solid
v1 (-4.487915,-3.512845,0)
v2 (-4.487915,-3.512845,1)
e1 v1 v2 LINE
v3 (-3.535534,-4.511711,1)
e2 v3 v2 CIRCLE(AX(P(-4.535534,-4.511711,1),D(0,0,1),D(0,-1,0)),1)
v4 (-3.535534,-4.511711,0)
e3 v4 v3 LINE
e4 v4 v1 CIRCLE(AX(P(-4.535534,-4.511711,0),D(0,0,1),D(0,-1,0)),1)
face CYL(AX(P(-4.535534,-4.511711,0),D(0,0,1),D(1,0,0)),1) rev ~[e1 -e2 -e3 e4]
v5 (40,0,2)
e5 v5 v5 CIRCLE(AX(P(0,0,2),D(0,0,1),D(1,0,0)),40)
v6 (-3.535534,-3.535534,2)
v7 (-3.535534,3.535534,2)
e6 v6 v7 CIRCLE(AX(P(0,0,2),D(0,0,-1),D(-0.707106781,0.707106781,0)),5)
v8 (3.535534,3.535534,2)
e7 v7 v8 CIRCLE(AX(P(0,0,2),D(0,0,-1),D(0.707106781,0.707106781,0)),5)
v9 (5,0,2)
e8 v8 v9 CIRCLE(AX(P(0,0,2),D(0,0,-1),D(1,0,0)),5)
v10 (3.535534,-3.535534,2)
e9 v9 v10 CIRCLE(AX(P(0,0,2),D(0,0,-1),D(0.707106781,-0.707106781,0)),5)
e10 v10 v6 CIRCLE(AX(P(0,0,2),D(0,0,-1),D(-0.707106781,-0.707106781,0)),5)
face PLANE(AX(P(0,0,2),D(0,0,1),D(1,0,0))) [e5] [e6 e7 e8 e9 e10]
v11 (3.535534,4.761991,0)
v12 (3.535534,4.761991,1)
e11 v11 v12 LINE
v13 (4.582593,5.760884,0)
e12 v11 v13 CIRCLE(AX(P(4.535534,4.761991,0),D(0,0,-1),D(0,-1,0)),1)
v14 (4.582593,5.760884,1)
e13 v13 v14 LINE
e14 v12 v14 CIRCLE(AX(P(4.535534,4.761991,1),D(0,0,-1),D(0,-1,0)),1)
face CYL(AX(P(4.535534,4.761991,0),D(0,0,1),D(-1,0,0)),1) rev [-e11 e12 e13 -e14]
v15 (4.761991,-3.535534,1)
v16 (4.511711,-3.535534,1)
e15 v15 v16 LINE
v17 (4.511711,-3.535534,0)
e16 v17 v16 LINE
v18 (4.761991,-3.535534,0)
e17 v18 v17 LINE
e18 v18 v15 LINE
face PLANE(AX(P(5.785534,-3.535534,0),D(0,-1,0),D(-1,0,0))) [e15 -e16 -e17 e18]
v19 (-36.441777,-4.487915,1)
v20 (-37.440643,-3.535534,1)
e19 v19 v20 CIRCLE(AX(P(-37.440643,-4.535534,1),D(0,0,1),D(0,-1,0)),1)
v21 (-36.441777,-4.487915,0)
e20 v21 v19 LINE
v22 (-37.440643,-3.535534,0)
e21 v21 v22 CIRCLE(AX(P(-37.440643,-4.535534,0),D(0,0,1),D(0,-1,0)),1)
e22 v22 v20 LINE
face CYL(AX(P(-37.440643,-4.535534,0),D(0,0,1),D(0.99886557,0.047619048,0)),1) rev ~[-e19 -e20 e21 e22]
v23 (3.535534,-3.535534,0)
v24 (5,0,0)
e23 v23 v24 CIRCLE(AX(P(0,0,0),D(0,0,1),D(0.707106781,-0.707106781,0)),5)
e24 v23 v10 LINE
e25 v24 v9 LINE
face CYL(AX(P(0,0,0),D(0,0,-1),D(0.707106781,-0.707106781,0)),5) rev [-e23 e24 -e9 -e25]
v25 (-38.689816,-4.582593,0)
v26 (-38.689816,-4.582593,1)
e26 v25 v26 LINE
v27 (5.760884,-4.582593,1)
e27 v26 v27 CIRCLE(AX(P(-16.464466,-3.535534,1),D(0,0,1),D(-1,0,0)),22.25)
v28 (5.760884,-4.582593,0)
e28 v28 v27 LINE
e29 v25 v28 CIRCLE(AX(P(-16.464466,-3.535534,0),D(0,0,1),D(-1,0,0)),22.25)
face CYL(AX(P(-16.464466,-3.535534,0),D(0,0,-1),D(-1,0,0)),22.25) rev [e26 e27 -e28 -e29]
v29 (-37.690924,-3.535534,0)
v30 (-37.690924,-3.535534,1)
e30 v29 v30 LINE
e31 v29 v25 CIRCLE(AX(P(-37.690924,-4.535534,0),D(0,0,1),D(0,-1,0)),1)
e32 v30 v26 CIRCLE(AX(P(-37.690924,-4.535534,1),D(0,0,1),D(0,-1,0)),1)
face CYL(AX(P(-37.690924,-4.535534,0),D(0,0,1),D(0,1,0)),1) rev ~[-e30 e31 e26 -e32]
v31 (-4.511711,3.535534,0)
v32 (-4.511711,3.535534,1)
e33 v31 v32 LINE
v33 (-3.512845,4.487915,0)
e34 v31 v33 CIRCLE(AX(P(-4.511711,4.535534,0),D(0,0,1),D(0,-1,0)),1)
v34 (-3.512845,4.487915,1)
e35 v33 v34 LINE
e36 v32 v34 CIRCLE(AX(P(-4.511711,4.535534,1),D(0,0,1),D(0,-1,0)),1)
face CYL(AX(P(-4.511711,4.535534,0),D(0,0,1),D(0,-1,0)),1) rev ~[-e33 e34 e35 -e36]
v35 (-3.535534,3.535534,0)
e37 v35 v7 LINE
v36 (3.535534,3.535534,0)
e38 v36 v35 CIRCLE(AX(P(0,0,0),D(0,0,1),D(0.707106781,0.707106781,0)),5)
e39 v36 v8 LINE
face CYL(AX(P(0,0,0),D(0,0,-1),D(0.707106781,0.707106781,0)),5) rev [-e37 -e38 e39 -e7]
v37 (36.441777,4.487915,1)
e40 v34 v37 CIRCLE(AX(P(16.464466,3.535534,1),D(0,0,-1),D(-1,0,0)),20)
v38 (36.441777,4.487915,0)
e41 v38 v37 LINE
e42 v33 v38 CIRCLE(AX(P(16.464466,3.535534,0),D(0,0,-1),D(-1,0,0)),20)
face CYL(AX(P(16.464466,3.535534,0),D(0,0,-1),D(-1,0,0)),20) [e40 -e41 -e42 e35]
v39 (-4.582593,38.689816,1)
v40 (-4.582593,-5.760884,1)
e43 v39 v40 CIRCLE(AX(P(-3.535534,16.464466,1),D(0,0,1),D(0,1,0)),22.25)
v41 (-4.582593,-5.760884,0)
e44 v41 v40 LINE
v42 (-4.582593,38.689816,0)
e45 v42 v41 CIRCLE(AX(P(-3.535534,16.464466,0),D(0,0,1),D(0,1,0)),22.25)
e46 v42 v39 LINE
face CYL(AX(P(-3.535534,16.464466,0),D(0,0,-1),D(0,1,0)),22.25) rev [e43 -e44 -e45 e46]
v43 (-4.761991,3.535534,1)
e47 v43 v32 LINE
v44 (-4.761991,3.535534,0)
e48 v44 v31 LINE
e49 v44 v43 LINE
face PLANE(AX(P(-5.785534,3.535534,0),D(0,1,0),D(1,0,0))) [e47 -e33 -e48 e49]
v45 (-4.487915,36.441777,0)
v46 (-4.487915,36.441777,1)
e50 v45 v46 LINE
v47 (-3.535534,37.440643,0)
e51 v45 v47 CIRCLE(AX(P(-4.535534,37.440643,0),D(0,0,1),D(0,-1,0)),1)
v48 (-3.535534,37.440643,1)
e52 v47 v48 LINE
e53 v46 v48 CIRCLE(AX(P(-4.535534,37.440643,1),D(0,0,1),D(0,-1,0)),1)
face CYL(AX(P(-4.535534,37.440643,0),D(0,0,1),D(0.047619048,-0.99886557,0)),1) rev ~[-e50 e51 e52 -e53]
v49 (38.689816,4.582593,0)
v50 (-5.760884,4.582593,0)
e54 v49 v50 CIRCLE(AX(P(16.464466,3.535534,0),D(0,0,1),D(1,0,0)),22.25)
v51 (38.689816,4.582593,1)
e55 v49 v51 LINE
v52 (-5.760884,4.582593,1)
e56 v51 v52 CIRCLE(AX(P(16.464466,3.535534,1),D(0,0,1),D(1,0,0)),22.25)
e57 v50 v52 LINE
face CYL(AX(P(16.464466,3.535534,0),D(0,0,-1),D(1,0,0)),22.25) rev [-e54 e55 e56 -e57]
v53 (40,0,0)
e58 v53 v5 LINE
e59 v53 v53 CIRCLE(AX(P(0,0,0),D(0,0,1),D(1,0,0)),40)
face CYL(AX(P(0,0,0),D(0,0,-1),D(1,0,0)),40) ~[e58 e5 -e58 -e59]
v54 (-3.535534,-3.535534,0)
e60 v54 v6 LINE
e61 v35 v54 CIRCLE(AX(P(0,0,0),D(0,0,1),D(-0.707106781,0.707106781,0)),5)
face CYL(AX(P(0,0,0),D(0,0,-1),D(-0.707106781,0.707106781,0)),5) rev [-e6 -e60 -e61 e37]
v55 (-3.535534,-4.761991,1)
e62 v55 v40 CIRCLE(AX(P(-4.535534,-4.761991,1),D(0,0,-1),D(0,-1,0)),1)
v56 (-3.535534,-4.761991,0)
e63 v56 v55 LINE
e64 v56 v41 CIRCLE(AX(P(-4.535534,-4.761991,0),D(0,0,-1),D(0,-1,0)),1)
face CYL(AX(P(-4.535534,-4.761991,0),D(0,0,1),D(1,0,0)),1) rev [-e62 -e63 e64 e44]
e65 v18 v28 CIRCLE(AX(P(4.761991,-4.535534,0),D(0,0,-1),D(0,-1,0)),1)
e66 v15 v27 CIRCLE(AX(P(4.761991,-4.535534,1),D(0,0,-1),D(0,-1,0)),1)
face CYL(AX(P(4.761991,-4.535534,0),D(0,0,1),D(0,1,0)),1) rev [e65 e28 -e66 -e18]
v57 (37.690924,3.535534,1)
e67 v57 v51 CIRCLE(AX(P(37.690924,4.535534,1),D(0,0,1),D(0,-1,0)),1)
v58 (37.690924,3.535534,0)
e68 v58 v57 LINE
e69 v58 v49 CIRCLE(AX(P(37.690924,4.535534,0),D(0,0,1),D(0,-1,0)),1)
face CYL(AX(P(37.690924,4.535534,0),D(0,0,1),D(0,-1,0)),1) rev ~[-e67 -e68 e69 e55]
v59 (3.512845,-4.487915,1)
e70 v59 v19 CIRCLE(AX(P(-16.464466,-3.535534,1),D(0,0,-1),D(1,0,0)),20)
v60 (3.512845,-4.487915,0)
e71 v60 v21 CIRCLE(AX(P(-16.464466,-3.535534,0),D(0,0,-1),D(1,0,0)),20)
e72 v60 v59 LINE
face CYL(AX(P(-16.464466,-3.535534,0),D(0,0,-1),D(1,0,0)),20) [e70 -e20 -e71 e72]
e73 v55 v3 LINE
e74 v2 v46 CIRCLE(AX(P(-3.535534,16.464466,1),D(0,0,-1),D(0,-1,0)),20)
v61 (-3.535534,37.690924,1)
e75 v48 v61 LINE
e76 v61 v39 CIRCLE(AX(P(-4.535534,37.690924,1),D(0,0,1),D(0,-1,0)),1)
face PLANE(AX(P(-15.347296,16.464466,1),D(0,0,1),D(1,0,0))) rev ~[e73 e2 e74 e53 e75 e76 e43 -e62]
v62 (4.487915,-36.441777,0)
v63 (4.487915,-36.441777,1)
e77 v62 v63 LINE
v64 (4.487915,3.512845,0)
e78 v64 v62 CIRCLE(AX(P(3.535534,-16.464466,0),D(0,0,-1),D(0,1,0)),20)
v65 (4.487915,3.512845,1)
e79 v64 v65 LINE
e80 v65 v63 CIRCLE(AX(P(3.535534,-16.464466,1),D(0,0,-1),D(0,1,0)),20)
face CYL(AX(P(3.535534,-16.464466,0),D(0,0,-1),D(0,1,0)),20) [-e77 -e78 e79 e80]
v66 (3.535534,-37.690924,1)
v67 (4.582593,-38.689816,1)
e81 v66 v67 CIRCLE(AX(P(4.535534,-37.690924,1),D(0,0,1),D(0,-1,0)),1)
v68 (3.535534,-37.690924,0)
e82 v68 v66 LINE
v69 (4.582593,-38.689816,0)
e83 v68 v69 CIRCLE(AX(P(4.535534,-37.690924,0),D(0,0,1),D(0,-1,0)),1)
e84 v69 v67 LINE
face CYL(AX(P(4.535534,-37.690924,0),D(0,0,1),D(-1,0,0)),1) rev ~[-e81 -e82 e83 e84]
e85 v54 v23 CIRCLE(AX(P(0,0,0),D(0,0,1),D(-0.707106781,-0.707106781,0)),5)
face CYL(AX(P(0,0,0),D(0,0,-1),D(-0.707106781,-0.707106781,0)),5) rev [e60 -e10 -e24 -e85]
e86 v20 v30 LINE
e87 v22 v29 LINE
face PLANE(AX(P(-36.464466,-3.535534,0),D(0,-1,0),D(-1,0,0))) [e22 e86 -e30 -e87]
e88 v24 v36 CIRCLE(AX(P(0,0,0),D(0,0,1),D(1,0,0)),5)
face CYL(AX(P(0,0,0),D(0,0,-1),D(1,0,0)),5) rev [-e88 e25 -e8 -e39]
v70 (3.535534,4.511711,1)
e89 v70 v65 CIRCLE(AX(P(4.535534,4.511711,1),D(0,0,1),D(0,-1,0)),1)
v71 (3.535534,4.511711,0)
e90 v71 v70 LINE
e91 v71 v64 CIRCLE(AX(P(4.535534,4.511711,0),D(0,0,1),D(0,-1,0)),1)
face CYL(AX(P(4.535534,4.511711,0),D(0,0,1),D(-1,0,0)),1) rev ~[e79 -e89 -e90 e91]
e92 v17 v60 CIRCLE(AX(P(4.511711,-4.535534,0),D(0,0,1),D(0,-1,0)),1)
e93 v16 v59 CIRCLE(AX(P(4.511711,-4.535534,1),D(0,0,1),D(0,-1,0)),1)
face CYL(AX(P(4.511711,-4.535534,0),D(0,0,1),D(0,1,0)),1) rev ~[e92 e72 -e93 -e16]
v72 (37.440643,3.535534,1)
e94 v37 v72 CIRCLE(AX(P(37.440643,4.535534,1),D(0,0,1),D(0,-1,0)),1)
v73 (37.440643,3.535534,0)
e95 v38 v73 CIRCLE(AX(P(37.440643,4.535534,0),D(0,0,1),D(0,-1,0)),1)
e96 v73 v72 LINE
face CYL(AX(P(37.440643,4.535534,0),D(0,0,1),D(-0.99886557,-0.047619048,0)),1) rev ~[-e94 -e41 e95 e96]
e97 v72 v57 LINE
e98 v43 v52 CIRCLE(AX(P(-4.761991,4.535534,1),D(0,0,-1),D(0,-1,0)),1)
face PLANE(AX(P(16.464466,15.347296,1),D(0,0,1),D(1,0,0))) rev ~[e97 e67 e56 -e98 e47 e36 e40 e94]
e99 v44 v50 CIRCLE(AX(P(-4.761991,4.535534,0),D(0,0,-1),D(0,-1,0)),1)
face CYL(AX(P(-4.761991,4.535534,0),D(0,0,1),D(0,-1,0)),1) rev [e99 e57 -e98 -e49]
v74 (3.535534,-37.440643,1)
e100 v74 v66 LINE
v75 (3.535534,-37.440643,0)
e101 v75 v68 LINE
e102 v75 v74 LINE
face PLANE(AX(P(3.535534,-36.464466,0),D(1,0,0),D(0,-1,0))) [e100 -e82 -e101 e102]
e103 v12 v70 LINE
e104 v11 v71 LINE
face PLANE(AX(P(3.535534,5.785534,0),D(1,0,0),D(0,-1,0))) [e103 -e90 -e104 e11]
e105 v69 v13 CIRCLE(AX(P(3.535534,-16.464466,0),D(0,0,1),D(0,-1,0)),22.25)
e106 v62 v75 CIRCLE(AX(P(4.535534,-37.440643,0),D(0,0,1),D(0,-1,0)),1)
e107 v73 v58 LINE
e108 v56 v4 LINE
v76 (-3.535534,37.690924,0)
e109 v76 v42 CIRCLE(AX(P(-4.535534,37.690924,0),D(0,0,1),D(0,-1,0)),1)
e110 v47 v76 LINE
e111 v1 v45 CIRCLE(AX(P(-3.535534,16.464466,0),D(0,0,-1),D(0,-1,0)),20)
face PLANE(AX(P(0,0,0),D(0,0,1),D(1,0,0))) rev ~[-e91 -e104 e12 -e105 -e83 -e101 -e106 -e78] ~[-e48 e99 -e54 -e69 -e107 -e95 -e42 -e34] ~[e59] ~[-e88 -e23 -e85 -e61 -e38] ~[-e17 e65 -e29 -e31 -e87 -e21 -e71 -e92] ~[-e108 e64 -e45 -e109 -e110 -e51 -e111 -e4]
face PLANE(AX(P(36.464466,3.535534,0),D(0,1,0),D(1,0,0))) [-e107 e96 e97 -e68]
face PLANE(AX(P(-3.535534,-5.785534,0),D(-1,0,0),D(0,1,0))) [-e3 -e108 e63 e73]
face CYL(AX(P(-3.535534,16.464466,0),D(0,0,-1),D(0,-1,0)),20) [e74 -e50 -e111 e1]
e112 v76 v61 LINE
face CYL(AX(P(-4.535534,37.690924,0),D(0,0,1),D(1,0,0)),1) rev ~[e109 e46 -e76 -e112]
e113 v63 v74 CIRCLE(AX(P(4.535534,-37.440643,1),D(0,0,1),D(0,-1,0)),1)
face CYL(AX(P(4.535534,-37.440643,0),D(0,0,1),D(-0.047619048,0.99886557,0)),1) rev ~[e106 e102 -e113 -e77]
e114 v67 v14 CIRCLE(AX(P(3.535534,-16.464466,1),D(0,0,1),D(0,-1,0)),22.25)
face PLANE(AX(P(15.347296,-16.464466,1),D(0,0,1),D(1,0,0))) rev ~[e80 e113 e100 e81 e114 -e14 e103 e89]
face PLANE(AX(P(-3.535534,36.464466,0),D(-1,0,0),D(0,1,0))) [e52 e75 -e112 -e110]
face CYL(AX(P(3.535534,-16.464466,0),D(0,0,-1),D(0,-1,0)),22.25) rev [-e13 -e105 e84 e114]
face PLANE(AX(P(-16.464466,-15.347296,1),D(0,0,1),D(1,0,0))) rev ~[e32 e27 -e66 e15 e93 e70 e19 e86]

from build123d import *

# Parameters (mm, degrees)
F0_R     = 40
F1_DEPTH = 2
F2_DEPTH = 1
F3_R     = 1
F4_DEPTH = 25


with BuildPart() as f1:
    # F0 (on Top) → F1 (new body)
    with BuildSketch(Plane.XY):
        Circle(F0_R)
        with BuildLine():
            ThreePointArc((-36.4644660941, -3.5355339059), (-16.4644660941, -23.5355339059), (3.5355339059, -3.5355339059))
            Line((3.5355339059, -3.5355339059), (5.7855339059, -3.5355339059))
            ThreePointArc((5.7855339059, -3.5355339059), (-16.4644660941, -25.7855339059), (-38.7144660941, -3.5355339059))
            Line((-38.7144660941, -3.5355339059), (-36.4644660941, -3.5355339059))
        make_face(mode=Mode.SUBTRACT)
        with BuildLine():
            ThreePointArc((3.5355339059, -36.4644660941), (23.5355339059, -16.4644660941), (3.5355339059, 3.5355339059))
            Line((3.5355339059, 3.5355339059), (3.5355339059, 5.7855339059))
            ThreePointArc((3.5355339059, 5.7855339059), (25.7855339059, -16.4644660941), (3.5355339059, -38.7144660941))
            Line((3.5355339059, -38.7144660941), (3.5355339059, -36.4644660941))
        make_face(mode=Mode.SUBTRACT)
        with BuildLine():
            ThreePointArc((-3.5355339059, 36.4644660941), (-23.5355339059, 16.4644660941), (-3.5355339059, -3.5355339059))
            Line((-3.5355339059, -3.5355339059), (-3.5355339059, -5.7855339059))
            ThreePointArc((-3.5355339059, -5.7855339059), (-25.7855339059, 16.4644660941), (-3.5355339059, 38.7144660941))
            Line((-3.5355339059, 38.7144660941), (-3.5355339059, 36.4644660941))
        make_face(mode=Mode.SUBTRACT)
        with BuildLine():
            ThreePointArc((3.5355339059, 3.5355339059), (4.6193976626, 1.9134171618), (5, 0))
            ThreePointArc((5, 0), (4.6193976626, -1.9134171618), (3.5355339059, -3.5355339059))
            ThreePointArc((3.5355339059, -3.5355339059), (0, -5), (-3.5355339059, -3.5355339059))
            ThreePointArc((-3.5355339059, -3.5355339059), (-5, 0), (-3.5355339059, 3.5355339059))
            ThreePointArc((-3.5355339059, 3.5355339059), (0, 5), (3.5355339059, 3.5355339059))
        make_face(mode=Mode.SUBTRACT)
        with BuildLine():
            ThreePointArc((36.4644660941, 3.5355339059), (16.4644660941, 23.5355339059), (-3.5355339059, 3.5355339059))
            Line((-3.5355339059, 3.5355339059), (-5.7855339059, 3.5355339059))
            ThreePointArc((-5.7855339059, 3.5355339059), (16.4644660941, 25.7855339059), (38.7144660941, 3.5355339059))
            Line((38.7144660941, 3.5355339059), (36.4644660941, 3.5355339059))
        make_face(mode=Mode.SUBTRACT)
        with BuildLine():
            Line((-3.5355339059, -5.7855339059), (-3.5355339059, -3.5355339059))
            ThreePointArc((-3.5355339059, -3.5355339059), (-23.5355339059, 16.4644660941), (-3.5355339059, 36.4644660941))
            Line((-3.5355339059, 36.4644660941), (-3.5355339059, 38.7144660941))
            ThreePointArc((-3.5355339059, 38.7144660941), (-25.7855339059, 16.4644660941), (-3.5355339059, -5.7855339059))
        make_face()
        with BuildLine():
            Line((5.7855339059, -3.5355339059), (3.5355339059, -3.5355339059))
            ThreePointArc((3.5355339059, -3.5355339059), (-16.4644660941, -23.5355339059), (-36.4644660941, -3.5355339059))
            Line((-36.4644660941, -3.5355339059), (-38.7144660941, -3.5355339059))
            ThreePointArc((-38.7144660941, -3.5355339059), (-16.4644660941, -25.7855339059), (5.7855339059, -3.5355339059))
        make_face()
        with BuildLine():
            Line((3.5355339059, 5.7855339059), (3.5355339059, 3.5355339059))
            ThreePointArc((3.5355339059, 3.5355339059), (23.5355339059, -16.4644660941), (3.5355339059, -36.4644660941))
            Line((3.5355339059, -36.4644660941), (3.5355339059, -38.7144660941))
            ThreePointArc((3.5355339059, -38.7144660941), (25.7855339059, -16.4644660941), (3.5355339059, 5.7855339059))
        make_face()
        with BuildLine():
            Line((-5.7855339059, 3.5355339059), (-3.5355339059, 3.5355339059))
            ThreePointArc((-3.5355339059, 3.5355339059), (16.4644660941, 23.5355339059), (36.4644660941, 3.5355339059))
            Line((36.4644660941, 3.5355339059), (38.7144660941, 3.5355339059))
            ThreePointArc((38.7144660941, 3.5355339059), (16.4644660941, 25.7855339059), (-5.7855339059, 3.5355339059))
        make_face()
        Polygon((0, 0), (3.5355339059, 3.5355339059), (-3.5355339059, 3.5355339059), align=None)
        with BuildLine():
            Line((-3.5355339059, 3.5355339059), (3.5355339059, 3.5355339059))
            ThreePointArc((3.5355339059, 3.5355339059), (0, 5), (-3.5355339059, 3.5355339059))
        make_face()
        Polygon((0, 0), (-3.5355339059, 3.5355339059), (-3.5355339059, -3.5355339059), align=None)
        Polygon((-3.5355339059, -3.5355339059), (3.5355339059, -3.5355339059), (0, 0), align=None)
        Polygon((3.5355339059, -3.5355339059), (3.5355339059, 3.5355339059), (0, 0), align=None)
        with BuildLine():
            ThreePointArc((3.5355339059, -3.5355339059), (4.6193976626, -1.9134171618), (5, 0))
            ThreePointArc((5, 0), (4.6193976626, 1.9134171618), (3.5355339059, 3.5355339059))
            Line((3.5355339059, 3.5355339059), (3.5355339059, -3.5355339059))
        make_face()
        with BuildLine():
            ThreePointArc((-3.5355339059, -3.5355339059), (0, -5), (3.5355339059, -3.5355339059))
            Line((3.5355339059, -3.5355339059), (-3.5355339059, -3.5355339059))
        make_face()
        with BuildLine():
            Line((-3.5355339059, -3.5355339059), (-3.5355339059, 3.5355339059))
            ThreePointArc((-3.5355339059, 3.5355339059), (-5, 0), (-3.5355339059, -3.5355339059))
        make_face()
    extrude(amount=F1_DEPTH)

    # F0 (on Top) → F2 (cut)
    with BuildSketch(Plane.XY):
        with BuildLine():
            Line((-5.7855339059, 3.5355339059), (-3.5355339059, 3.5355339059))
            ThreePointArc((-3.5355339059, 3.5355339059), (16.4644660941, 23.5355339059), (36.4644660941, 3.5355339059))
            Line((36.4644660941, 3.5355339059), (38.7144660941, 3.5355339059))
            ThreePointArc((38.7144660941, 3.5355339059), (16.4644660941, 25.7855339059), (-5.7855339059, 3.5355339059))
        make_face()
        with BuildLine():
            Line((3.5355339059, 5.7855339059), (3.5355339059, 3.5355339059))
            ThreePointArc((3.5355339059, 3.5355339059), (23.5355339059, -16.4644660941), (3.5355339059, -36.4644660941))
            Line((3.5355339059, -36.4644660941), (3.5355339059, -38.7144660941))
            ThreePointArc((3.5355339059, -38.7144660941), (25.7855339059, -16.4644660941), (3.5355339059, 5.7855339059))
        make_face()
        with BuildLine():
            Line((5.7855339059, -3.5355339059), (3.5355339059, -3.5355339059))
            ThreePointArc((3.5355339059, -3.5355339059), (-16.4644660941, -23.5355339059), (-36.4644660941, -3.5355339059))
            Line((-36.4644660941, -3.5355339059), (-38.7144660941, -3.5355339059))
            ThreePointArc((-38.7144660941, -3.5355339059), (-16.4644660941, -25.7855339059), (5.7855339059, -3.5355339059))
        make_face()
        with BuildLine():
            Line((-3.5355339059, -5.7855339059), (-3.5355339059, -3.5355339059))
            ThreePointArc((-3.5355339059, -3.5355339059), (-23.5355339059, 16.4644660941), (-3.5355339059, 36.4644660941))
            Line((-3.5355339059, 36.4644660941), (-3.5355339059, 38.7144660941))
            ThreePointArc((-3.5355339059, 38.7144660941), (-25.7855339059, 16.4644660941), (-3.5355339059, -5.7855339059))
        make_face()
    extrude(amount=F2_DEPTH, mode=Mode.SUBTRACT)

    # F3
    f3_edges = [f1.edges().sort_by_distance(p)[0] for p in [
        (-5.785534, 3.535534, 0.5),
        (-3.535534, 3.535534, 0.5),
        (-3.535534, -5.785534, 0.5),
        (-3.535534, -3.535534, 0.5),
        (5.785534, -3.535534, 0.5),
        (3.535534, -3.535534, 0.5),
        (3.535534, 5.785534, 0.5),
        (3.535534, 3.535534, 0.5),
        (3.535534, -38.714466, 0.5),
        (3.535534, -36.464466, 0.5),
        (-38.714466, -3.535534, 0.5),
        (-36.464466, -3.535534, 0.5),
        (-3.535534, 38.714466, 0.5),
        (-3.535534, 36.464466, 0.5),
        (38.714466, 3.535534, 0.5),
        (36.464466, 3.535534, 0.5),
    ]]
    fillet(f3_edges, radius=F3_R)

    # F0 (on Top) → F4 (cut)
    with BuildSketch(Plane.XY):
        Polygon((3.5355339059, -3.5355339059), (3.5355339059, 3.5355339059), (0, 0), align=None)
        with BuildLine():
            ThreePointArc((3.5355339059, -3.5355339059), (4.6193976626, -1.9134171618), (5, 0))
            ThreePointArc((5, 0), (4.6193976626, 1.9134171618), (3.5355339059, 3.5355339059))
            Line((3.5355339059, 3.5355339059), (3.5355339059, -3.5355339059))
        make_face()
        Polygon((-3.5355339059, -3.5355339059), (3.5355339059, -3.5355339059), (0, 0), align=None)
        with BuildLine():
            ThreePointArc((-3.5355339059, -3.5355339059), (0, -5), (3.5355339059, -3.5355339059))
            Line((3.5355339059, -3.5355339059), (-3.5355339059, -3.5355339059))
        make_face()
        Polygon((0, 0), (-3.5355339059, 3.5355339059), (-3.5355339059, -3.5355339059), align=None)
        Polygon((0, 0), (3.5355339059, 3.5355339059), (-3.5355339059, 3.5355339059), align=None)
        with BuildLine():
            Line((-3.5355339059, 3.5355339059), (3.5355339059, 3.5355339059))
            ThreePointArc((3.5355339059, 3.5355339059), (0, 5), (-3.5355339059, 3.5355339059))
        make_face()
        with BuildLine():
            Line((-3.5355339059, -3.5355339059), (-3.5355339059, 3.5355339059))
            ThreePointArc((-3.5355339059, 3.5355339059), (-5, 0), (-3.5355339059, -3.5355339059))
        make_face()
    extrude(amount=F4_DEPTH, mode=Mode.SUBTRACT)


solid = f1.part
